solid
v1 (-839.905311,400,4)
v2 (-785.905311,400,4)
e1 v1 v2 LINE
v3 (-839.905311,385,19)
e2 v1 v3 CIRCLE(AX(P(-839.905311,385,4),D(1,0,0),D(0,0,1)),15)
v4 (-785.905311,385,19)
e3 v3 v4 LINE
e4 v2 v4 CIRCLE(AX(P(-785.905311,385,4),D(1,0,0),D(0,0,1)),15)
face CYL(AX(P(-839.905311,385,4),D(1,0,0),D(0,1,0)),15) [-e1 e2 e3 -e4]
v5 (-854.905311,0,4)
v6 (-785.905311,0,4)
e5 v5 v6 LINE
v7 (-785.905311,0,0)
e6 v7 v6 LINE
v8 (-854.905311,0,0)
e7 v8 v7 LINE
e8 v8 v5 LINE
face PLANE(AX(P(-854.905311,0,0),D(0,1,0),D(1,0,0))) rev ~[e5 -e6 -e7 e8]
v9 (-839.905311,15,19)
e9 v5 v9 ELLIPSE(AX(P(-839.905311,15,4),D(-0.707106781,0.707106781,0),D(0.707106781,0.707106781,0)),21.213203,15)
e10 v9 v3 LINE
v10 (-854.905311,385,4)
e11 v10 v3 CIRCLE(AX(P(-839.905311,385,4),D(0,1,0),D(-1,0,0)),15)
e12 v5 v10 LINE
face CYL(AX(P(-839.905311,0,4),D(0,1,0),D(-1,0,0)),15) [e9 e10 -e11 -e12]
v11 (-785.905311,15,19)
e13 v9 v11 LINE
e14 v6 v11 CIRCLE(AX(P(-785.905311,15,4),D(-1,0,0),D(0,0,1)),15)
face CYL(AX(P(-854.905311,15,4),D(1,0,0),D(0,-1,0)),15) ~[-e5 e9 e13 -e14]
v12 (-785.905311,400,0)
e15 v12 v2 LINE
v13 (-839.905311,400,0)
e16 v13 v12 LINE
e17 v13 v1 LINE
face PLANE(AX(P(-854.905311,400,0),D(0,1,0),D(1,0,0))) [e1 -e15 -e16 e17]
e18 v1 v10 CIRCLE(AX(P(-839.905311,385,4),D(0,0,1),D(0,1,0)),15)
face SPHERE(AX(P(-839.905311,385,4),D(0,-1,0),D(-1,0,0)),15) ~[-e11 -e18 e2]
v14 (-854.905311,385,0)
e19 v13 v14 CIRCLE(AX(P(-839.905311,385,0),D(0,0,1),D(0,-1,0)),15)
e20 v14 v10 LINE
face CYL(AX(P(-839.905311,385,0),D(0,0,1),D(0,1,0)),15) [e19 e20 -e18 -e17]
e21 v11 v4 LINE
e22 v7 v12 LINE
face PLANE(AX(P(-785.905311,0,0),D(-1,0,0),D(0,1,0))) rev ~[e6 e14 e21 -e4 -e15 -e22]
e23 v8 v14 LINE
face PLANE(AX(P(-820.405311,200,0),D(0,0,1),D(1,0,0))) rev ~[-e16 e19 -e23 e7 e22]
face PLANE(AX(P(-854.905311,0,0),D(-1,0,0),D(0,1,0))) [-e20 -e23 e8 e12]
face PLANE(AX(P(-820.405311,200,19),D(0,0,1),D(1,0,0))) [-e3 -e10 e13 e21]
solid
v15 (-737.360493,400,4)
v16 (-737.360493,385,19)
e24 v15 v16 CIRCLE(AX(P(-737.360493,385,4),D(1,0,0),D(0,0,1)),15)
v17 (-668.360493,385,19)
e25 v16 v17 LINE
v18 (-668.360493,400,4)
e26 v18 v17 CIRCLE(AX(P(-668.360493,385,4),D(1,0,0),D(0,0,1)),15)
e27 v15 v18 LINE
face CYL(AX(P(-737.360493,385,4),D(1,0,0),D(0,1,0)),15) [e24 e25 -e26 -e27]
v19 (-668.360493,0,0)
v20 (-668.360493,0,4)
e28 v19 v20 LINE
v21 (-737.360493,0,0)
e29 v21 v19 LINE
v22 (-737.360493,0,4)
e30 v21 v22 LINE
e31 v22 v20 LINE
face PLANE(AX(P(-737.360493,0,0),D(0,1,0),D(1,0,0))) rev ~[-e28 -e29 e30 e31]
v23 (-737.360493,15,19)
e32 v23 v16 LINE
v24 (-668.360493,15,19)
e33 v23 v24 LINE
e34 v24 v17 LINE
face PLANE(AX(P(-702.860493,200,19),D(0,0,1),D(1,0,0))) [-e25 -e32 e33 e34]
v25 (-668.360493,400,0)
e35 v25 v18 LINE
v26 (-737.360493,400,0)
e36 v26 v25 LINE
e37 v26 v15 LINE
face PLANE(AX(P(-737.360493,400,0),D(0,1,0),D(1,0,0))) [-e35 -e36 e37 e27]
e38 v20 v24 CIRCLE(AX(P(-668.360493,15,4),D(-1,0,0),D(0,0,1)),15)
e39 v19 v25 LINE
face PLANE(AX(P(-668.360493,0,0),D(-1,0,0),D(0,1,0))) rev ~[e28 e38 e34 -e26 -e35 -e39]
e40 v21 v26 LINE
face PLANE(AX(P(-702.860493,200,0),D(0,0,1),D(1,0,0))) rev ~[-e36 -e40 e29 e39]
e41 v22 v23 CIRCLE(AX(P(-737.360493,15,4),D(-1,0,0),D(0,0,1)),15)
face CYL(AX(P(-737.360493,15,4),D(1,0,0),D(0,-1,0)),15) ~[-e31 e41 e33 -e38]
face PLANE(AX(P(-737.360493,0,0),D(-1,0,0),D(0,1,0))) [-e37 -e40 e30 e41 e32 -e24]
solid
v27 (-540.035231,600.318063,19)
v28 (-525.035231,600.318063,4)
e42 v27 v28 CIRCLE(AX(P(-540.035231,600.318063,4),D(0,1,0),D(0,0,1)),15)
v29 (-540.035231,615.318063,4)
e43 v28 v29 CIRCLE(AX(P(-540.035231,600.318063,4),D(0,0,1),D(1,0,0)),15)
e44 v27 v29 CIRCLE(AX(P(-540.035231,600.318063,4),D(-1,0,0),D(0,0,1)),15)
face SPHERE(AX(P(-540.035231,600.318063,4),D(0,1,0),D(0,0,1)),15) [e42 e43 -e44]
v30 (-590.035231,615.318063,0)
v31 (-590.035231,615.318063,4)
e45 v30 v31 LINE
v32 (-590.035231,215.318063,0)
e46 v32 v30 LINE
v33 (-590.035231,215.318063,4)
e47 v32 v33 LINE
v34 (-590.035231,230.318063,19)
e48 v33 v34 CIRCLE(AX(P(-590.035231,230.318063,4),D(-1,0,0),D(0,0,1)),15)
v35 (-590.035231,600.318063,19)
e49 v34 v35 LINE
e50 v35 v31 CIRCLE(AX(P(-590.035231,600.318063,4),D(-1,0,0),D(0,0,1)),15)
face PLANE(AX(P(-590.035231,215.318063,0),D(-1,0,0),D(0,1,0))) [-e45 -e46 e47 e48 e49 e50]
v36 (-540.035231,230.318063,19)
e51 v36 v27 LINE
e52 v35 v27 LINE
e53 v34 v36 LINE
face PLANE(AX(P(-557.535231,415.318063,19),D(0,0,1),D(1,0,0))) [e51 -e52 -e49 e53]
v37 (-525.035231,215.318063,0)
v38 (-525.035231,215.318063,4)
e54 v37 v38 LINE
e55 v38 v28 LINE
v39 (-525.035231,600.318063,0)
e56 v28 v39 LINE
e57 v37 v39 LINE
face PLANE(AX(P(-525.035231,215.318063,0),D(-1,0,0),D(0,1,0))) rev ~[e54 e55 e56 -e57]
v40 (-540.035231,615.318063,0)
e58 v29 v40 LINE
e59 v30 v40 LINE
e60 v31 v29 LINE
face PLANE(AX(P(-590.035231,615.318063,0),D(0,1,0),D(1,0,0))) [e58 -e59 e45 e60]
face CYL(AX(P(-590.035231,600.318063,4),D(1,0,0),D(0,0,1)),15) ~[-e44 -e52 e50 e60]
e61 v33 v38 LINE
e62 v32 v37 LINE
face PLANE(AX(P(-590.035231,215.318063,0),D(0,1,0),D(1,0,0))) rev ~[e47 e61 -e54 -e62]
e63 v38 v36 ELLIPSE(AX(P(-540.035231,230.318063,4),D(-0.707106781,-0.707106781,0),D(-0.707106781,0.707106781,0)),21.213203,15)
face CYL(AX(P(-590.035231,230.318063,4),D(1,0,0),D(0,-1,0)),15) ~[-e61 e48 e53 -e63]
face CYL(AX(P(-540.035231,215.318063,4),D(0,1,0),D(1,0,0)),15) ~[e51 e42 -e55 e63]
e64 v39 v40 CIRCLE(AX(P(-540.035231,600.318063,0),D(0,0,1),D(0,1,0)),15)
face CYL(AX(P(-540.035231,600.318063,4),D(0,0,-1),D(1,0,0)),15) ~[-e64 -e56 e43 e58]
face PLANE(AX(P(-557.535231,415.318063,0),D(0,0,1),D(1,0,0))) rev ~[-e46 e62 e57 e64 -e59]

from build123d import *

# Parameters (mm, degrees)
F0_W     = 69
F0_H     = 400
F3_DEPTH = 19
F1_W     = 69
F1_H     = 400
F4_DEPTH = 19
F2_W     = 65
F2_H     = 400
F5_DEPTH = 19
F6_R     = 15
F7_R     = 15
F8_R     = 15
F9_R     = 15
F10_R    = 15


with BuildPart() as f3:
    # F0 (on Top) → F3 (new body)
    with BuildSketch(Plane.XY):
        with Locations((-820.405311, 200)):
            Rectangle(F0_W, F0_H)
    extrude(amount=F3_DEPTH)

    # F6
    f6_edges = [f3.edges().sort_by_distance(p)[0] for p in [
        (-854.905311, 200, 19),
        (-820.405311, 0, 19),
    ]]
    fillet(f6_edges, radius=F6_R)

    # F10
    f10_edges = [f3.edges().sort_by_distance(p)[0] for p in [
        (-812.905311, 400, 19),
    ]]
    fillet(f10_edges, radius=F10_R)


with BuildPart() as f4:
    # F1 (on Top) → F4 (new body)
    with BuildSketch(Plane.XY):
        with Locations((-702.860493, 200)):
            Rectangle(F1_W, F1_H)
    extrude(amount=F4_DEPTH)

    # F7
    f7_edges = [f4.edges().sort_by_distance(p)[0] for p in [
        (-702.860493, 0, 19),
        (-702.860493, 400, 19),
    ]]
    fillet(f7_edges, radius=F7_R)


with BuildPart() as f5:
    # F2 (on Top) → F5 (new body)
    with BuildSketch(Plane.XY):
        with Locations((-557.535231, 415.318063)):
            Rectangle(F2_W, F2_H)
    extrude(amount=F5_DEPTH)

    # F8
    f8_edges = [f5.edges().sort_by_distance(p)[0] for p in [
        (-525.035231, 415.318063, 19),
        (-557.535231, 215.318063, 19),
    ]]
    fillet(f8_edges, radius=F8_R)

    # F9
    f9_edges = [f5.edges().sort_by_distance(p)[0] for p in [
        (-565.035231, 615.318063, 19),
    ]]
    fillet(f9_edges, radius=F9_R)


solid = Compound([f3.part, f4.part, f5.part])
